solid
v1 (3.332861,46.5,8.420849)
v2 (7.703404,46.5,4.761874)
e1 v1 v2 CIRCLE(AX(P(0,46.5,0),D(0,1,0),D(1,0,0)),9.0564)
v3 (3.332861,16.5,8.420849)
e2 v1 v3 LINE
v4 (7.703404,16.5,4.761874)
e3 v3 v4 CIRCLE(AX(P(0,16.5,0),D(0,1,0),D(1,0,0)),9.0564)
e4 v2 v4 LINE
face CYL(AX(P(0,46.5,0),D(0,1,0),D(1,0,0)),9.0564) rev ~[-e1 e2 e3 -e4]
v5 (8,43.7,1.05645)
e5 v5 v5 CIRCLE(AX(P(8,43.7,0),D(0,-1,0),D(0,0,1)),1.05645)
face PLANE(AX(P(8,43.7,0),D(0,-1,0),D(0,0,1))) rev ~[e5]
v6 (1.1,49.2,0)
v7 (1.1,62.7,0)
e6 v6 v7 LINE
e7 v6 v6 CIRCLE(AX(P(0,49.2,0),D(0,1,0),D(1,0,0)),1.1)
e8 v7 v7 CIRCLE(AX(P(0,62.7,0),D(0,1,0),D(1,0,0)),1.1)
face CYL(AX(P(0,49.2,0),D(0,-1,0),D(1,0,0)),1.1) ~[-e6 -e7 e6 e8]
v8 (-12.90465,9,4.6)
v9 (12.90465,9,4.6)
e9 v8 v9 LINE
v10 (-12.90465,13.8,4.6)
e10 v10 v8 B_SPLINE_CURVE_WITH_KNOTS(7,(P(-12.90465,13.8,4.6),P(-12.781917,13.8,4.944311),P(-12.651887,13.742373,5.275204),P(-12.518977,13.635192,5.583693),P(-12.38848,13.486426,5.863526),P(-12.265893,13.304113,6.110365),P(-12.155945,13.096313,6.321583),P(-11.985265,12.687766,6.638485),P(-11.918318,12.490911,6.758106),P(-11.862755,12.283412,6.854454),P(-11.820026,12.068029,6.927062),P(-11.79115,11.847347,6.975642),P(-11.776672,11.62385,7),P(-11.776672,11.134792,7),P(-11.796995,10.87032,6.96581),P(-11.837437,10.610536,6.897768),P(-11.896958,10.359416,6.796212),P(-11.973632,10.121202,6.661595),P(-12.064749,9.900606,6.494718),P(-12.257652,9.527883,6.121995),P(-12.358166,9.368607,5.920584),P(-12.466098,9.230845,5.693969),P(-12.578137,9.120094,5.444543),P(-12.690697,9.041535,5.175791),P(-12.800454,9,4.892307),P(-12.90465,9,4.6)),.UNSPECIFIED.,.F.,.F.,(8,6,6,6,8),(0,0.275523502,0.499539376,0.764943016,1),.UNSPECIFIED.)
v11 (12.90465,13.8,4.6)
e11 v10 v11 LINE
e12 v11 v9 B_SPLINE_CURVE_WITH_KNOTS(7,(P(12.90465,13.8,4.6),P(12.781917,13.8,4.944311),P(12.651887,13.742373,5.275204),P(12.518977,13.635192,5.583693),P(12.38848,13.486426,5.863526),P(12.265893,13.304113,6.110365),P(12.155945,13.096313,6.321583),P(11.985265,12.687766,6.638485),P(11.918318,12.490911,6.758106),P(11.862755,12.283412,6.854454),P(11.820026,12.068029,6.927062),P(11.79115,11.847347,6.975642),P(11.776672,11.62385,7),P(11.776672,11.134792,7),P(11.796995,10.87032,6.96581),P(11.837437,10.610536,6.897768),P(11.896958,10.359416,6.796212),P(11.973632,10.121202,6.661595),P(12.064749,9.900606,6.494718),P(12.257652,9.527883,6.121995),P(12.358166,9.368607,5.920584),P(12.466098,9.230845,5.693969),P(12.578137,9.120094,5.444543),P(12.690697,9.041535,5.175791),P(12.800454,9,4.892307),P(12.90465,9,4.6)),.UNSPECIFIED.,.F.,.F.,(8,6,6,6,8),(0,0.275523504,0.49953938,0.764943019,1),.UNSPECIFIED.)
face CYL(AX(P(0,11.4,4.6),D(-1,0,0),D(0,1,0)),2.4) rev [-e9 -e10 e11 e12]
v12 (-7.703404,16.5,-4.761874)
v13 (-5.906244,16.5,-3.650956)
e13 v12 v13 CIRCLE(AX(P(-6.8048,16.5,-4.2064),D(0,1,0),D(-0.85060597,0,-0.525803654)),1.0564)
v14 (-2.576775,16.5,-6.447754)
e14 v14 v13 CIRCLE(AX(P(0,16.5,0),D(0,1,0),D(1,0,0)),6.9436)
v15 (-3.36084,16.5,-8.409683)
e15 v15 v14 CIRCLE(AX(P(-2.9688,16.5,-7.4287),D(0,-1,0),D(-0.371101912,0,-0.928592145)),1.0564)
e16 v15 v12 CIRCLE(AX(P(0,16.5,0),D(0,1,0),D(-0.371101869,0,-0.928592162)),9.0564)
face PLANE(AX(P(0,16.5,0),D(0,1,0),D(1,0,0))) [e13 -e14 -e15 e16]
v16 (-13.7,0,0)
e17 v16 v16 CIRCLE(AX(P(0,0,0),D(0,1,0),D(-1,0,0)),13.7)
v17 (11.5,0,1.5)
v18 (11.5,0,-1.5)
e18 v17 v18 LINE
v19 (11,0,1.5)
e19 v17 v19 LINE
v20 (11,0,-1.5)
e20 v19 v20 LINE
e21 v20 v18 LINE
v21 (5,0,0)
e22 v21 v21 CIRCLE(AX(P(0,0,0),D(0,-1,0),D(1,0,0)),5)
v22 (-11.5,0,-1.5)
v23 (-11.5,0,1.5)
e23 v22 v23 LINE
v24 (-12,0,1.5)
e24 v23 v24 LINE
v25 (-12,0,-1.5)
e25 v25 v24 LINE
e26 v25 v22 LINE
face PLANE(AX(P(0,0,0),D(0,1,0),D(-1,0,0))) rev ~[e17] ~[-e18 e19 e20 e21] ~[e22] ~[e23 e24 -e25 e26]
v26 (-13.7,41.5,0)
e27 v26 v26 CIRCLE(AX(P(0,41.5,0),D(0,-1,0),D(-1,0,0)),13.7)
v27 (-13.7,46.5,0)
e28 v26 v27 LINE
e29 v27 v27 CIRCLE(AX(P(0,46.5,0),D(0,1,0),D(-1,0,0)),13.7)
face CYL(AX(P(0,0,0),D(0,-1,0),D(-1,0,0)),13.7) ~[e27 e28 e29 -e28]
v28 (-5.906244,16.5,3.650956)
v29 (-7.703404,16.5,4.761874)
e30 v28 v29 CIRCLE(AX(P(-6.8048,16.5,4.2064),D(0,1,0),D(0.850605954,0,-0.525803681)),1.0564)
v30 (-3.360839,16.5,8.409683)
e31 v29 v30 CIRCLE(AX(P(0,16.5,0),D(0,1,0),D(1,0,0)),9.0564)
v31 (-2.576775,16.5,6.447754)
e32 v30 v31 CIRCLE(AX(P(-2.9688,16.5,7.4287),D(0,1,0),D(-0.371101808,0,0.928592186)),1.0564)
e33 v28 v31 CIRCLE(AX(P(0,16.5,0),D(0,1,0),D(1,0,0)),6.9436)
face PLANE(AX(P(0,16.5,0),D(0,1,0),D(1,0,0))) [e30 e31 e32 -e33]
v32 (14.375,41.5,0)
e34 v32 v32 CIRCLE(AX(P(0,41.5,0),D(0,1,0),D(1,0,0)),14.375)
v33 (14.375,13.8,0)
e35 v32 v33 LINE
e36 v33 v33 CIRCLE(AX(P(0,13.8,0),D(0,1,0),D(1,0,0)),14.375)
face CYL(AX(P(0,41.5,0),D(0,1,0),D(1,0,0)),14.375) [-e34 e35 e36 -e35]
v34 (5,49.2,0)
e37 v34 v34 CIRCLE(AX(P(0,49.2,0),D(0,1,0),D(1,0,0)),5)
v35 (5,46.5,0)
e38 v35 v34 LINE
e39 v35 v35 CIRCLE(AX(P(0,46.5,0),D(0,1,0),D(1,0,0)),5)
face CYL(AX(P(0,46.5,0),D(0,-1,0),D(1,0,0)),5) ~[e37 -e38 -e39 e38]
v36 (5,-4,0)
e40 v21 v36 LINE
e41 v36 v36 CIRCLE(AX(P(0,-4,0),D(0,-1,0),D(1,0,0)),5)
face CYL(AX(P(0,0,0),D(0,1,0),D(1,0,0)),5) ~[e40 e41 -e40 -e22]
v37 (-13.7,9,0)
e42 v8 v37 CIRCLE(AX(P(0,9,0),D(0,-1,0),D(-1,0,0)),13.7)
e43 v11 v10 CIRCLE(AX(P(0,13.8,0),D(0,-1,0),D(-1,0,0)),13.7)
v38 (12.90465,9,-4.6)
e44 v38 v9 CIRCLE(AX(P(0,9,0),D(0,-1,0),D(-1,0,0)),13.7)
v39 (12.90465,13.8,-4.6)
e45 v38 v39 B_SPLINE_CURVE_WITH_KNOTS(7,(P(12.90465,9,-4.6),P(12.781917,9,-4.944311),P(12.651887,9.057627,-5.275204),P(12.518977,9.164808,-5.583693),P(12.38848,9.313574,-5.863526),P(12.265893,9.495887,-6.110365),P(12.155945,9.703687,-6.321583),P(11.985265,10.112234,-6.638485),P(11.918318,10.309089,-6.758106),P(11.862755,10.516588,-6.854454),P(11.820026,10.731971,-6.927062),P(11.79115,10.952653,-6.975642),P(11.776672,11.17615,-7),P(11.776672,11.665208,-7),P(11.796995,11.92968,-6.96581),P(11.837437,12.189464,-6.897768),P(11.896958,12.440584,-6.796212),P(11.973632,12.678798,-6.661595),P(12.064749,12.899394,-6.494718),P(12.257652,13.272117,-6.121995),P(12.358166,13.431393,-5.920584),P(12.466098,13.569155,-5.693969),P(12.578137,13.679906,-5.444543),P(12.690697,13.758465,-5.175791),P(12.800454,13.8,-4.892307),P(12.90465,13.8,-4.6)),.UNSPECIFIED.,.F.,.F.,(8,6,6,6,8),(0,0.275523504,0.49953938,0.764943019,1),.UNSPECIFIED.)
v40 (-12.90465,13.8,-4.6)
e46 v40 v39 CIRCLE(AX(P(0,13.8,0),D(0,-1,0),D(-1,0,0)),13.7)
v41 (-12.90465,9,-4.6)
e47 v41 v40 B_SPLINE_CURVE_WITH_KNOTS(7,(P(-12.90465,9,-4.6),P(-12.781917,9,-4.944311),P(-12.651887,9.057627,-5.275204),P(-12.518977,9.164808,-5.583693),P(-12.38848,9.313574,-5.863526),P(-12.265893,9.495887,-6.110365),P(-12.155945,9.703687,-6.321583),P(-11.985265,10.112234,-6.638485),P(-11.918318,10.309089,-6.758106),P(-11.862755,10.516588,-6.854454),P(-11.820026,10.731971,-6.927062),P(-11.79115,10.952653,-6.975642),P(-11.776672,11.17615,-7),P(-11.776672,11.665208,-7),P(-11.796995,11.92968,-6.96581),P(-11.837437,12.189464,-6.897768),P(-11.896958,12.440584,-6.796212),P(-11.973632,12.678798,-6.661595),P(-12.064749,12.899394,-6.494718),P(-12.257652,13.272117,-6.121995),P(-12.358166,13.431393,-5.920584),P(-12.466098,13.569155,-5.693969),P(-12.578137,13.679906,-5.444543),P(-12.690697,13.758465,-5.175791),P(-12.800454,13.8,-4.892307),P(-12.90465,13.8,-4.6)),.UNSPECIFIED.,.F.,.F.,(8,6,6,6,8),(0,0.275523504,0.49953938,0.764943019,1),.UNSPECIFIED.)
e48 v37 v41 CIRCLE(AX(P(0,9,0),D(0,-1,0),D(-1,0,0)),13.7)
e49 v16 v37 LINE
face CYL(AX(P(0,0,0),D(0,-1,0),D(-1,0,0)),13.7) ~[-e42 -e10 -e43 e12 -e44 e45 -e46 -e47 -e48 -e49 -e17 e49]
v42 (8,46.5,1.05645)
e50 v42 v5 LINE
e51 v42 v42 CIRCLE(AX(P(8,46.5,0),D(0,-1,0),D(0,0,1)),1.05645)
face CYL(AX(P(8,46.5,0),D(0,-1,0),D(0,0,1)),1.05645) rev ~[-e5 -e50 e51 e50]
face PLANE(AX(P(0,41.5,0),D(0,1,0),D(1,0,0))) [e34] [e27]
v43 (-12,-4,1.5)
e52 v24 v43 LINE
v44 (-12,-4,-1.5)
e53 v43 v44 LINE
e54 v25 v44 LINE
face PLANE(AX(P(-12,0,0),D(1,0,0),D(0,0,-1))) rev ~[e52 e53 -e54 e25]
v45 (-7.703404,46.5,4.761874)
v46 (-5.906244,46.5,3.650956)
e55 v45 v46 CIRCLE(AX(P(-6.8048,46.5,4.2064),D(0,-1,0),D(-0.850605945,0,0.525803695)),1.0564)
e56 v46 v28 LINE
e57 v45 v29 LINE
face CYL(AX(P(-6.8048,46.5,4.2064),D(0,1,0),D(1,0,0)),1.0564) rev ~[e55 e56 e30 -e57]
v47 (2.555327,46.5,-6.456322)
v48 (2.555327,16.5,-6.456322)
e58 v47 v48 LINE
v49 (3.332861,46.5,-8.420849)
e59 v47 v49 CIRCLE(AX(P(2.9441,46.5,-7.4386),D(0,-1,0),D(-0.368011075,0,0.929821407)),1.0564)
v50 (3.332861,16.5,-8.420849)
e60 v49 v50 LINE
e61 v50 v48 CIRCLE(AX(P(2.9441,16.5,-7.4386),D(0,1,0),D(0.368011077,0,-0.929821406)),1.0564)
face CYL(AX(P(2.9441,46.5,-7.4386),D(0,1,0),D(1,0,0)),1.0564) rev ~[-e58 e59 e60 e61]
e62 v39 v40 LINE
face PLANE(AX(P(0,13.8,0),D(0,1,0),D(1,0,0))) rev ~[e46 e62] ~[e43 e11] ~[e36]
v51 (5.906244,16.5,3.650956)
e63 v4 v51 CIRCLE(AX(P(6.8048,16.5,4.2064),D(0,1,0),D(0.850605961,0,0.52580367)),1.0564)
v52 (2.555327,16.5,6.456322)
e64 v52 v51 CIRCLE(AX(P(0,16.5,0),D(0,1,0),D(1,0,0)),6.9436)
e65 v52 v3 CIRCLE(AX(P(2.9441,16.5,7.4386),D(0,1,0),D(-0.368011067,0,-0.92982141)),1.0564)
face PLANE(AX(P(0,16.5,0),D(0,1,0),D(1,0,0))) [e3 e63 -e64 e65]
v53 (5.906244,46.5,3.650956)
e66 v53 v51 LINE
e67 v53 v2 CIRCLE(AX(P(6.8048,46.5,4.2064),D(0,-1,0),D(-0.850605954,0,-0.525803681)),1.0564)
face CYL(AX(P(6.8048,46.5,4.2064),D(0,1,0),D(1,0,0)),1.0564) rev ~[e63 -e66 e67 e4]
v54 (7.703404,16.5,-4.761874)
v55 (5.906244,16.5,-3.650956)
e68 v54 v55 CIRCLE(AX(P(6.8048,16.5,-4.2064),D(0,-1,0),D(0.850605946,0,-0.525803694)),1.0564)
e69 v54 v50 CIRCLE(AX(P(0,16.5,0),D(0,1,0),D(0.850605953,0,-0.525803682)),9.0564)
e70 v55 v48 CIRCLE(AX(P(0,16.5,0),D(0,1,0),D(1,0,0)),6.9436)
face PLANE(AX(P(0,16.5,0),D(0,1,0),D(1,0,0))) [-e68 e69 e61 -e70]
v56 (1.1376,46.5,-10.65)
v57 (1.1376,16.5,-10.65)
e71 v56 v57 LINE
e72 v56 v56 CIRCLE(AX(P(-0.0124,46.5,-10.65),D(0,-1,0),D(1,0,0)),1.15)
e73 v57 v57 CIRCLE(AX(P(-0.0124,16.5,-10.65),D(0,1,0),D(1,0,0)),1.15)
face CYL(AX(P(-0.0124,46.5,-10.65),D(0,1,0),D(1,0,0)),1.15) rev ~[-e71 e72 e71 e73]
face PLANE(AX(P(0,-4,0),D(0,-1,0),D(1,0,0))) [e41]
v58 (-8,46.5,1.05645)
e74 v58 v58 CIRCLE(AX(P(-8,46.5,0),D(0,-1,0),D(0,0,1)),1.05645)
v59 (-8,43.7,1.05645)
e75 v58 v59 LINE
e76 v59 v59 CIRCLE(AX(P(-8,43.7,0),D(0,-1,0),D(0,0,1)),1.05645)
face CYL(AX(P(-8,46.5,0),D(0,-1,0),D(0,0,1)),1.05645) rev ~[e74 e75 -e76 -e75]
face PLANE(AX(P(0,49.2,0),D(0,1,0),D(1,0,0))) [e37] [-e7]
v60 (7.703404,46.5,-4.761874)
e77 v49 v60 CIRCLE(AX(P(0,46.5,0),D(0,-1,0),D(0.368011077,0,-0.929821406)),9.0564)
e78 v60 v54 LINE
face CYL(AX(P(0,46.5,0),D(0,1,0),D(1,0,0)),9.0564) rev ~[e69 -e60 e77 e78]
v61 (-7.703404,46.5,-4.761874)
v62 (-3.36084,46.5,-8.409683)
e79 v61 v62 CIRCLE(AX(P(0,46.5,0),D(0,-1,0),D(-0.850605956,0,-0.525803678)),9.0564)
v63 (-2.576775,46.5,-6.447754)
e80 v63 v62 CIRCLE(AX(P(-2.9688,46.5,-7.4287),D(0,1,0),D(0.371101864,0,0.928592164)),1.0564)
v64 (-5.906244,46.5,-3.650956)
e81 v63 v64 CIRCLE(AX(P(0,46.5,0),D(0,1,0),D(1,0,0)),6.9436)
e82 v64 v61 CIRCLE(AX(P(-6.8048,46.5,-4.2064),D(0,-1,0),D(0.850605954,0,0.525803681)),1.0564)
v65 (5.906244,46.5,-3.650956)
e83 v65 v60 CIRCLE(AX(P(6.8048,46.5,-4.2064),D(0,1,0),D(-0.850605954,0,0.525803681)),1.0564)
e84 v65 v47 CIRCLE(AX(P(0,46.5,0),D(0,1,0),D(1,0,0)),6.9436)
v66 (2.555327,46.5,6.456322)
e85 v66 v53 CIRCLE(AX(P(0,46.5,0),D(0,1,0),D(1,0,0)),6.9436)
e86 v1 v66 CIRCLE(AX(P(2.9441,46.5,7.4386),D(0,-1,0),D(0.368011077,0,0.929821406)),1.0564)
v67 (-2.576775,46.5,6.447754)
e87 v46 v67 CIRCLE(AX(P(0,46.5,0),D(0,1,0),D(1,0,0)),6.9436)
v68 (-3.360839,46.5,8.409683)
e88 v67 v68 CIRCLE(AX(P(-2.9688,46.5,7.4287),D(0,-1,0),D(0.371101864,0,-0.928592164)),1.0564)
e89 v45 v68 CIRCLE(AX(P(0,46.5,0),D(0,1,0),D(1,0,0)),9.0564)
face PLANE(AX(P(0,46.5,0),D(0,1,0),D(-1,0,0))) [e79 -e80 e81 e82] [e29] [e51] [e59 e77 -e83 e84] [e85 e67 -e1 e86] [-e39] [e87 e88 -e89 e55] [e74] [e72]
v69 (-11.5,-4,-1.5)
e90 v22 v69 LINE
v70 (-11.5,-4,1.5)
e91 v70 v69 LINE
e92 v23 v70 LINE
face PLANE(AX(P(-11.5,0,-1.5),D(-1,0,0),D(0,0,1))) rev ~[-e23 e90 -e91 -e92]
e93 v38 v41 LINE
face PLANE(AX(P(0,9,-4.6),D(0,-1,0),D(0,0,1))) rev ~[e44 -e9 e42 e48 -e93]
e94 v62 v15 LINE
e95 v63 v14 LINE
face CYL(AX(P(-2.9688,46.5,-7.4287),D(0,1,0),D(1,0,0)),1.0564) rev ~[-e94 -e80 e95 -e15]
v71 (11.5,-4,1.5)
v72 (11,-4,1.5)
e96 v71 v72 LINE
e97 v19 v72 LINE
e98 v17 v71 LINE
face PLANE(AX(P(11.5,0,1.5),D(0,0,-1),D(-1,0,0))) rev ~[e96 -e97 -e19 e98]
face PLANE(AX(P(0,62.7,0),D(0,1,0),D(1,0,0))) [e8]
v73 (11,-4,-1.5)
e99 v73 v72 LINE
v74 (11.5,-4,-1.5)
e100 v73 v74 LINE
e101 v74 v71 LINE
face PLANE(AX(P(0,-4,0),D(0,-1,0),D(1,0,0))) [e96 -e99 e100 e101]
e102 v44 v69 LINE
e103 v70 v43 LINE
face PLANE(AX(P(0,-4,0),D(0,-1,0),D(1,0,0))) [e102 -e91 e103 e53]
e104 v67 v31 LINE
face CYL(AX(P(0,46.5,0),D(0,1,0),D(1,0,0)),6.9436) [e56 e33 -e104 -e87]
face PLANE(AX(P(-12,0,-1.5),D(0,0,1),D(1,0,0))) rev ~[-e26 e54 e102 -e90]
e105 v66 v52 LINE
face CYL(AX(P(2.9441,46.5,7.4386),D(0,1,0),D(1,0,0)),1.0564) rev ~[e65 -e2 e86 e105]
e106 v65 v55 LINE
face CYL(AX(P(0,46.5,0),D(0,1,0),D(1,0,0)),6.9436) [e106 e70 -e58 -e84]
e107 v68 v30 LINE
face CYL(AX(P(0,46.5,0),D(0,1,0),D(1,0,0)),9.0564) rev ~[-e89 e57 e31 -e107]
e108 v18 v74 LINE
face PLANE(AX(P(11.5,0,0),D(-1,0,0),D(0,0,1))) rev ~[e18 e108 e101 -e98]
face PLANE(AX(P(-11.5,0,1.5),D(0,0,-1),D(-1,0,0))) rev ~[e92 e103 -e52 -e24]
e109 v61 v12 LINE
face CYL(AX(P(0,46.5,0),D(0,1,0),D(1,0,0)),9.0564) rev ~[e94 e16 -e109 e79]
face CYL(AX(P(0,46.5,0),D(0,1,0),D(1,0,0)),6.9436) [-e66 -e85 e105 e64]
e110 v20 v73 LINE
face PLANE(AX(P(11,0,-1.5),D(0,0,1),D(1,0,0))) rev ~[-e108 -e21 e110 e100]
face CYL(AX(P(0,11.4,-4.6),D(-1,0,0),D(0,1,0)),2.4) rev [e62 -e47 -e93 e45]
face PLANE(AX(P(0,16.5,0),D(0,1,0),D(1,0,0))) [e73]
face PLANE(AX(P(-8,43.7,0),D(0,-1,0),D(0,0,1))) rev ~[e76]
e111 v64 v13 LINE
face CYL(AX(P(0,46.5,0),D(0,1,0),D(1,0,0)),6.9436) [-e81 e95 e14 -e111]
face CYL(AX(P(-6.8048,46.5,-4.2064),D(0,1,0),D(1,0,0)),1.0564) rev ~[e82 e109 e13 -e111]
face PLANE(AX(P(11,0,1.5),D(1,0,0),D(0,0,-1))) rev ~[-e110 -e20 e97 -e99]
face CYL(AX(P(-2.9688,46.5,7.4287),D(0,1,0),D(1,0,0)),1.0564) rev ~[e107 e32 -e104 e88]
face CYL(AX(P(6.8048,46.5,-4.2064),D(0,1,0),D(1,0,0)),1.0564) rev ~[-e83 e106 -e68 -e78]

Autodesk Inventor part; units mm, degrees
ref_plane "YZ Plane" through (0, 0, 0) normal (1, 0, 0) x (0, 1, 0)
sketch "Sketch1" plane through (0, 0, 0) normal (0, 1, 0) x (-1, 0, 0)
  circle A0 centre (0, 0) radius 13.7
  dimension "d0" = 27.4
extrude "Extrusion1" add sketch "Sketch1" along normal blind 46.5
sketch "Sketch2" plane through (0, 46.5, 0) normal (0, 1, 0) x (1, 0, 0)
  circle A0 centre (0, 0) radius 13.7 projected
  circle A1 centre (0, 0) radius 5
  dimension "d3" = 10
extrude "Extrusion2" add sketch "Sketch2" along normal blind 2.7 contours A1
sketch "Sketch3" plane through (0, 46.5, 0) normal (0, 1, 0) x (1, 0, 0)
  circle A0 centre (0, 0) radius 5 projected
  circle A1 centre (0, 0) radius 5 projected
  circle A2 centre (0, 0) radius 13.7 projected
  circle A3 centre (0, 0) radius 13.7 projected
  line L0 (-13.7, 0) -> (13.7, 0)
  point P0 (-8, 0)
  point P1 (8, 0)
  dimension "d6" = 16
  dimension "d7" = 5.7
  dimension "d8" = 5.7
hole "Hole1" at (-8, 46.5, 0) at (8, 46.5, 0) direction (0, -1, 0) diameter 2.1129 depth 2.8 thread size "M2.6x0.45" class "6H" standard "ISO Metric profile"
ref_plane "Work Plane1" through (0, 41.5, 0) normal (0, 1, 0) x (1, 0, 0)
sketch "Sketch4" plane through (0, 41.5, 0) normal (0, 1, 0) x (1, 0, 0)
  circle A0 centre (0, 0) radius 14.375
  dimension "d17" = 28.75
extrude "Extrusion3" add sketch "Sketch4" against normal blind 27.7
sketch "Sketch5" plane through (0, 0, 0) normal (0, -1, 0) x (1, 0, 0)
  circle A0 centre (0, 0) radius 5
  dimension "d20" = 10
extrude "Extrusion4" add sketch "Sketch5" along normal blind 4
sketch "Sketch6" plane through (0, 0, 0) normal (0, -1, 0) x (1, 0, 0)
  circle A0 centre (0, 0) radius 5 projected
  circle A1 centre (0, 0) radius 5 projected
  circle A2 centre (0, 0) radius 13.7 projected
  circle A3 centre (0, 0) radius 13.7 projected
  line L0 (13.7, 0) -> (-13.7, 0)
  line L1 (-11.5, 1.5) -> (-12, 1.5)
  line L2 (-12, 1.5) -> (-12, -1.5)
  line L3 (-12, -1.5) -> (-11.5, -1.5)
  line L4 (-11.5, -1.5) -> (-11.5, 1.5)
  line L5 (11.5, 1.5) -> (11, 1.5)
  line L6 (11, 1.5) -> (11, -1.5)
  line L7 (11, -1.5) -> (11.5, -1.5)
  line L8 (11.5, -1.5) -> (11.5, 1.5)
  dimension "d23" = 22.5
  dimension "d24" = 0.5
  dimension "d25" = 0.5
  dimension "d26" = 11.5
  dimension "d27" = 11.5
  dimension "d28" = 3
  dimension "d29" = 3
  dimension "d30" = 1.5
  dimension "d31" = 1.5
extrude "Extrusion5" add sketch "Sketch6" along normal up to surface (4 mm away) contours L6 L5 L8 L0 | L0 L8 L7 L6 | L4 L3 L2 L0 | L0 L2 L1 L4
sketch "Sketch7" plane through (0, 49.2, 0) normal (0, 1, 0) x (1, 0, 0)
  circle A0 centre (0, 0) radius 1.1
  dimension "d34" = 2.2
extrude "Extrusion6" add sketch "Sketch7" along normal blind 13.5
ref_plane "Work Plane2" through (0, 50.2, 0) normal (0, 1, 0) x (1, 0, 0)
sketch "Sketch10" plane through (0, 0, 0) normal (1, 0, 0) x (0, 1, 0)
  line L0 (0, -13.7) -> (0, 13.7) projected
  line L1 (13.8, 13.7) -> (13.8, -13.7) projected
  line L2 (9, 4.6) -> (13.8, 4.6)
  line L3 (13.8, 4.6) -> (13.8, -4.6)
  line L4 (13.8, -4.6) -> (9, -4.6)
  line L5 (9, -4.6) -> (9, 4.6)
  circle A0 centre (11.4, 4.6) radius 2.4
  circle A1 centre (11.4, -4.6) radius 2.4
  line L6 (0, 0) -> (13.8, 0)
  line L7 (13.8, 13.7) -> (13.8, -13.7) projected
  line L8 (0, -13.7) -> (13.8, -13.7) projected
  point P0 (11.4, 7)
  point P1 (11.4, -7)
  point P2 (13.8, -4.6)
  dimension "d57" = 9
  dimension "d59" = 0
  dimension "d60" = 4.8
  dimension "d61" = 13.8
  dimension "d62" = 2.4
  dimension "d63" = 2.4
  dimension "d64" = 14
  dimension "d65" = 4.6
  dimension "d66" = 4.6
  dimension "d69" = 6.7
extrude "Extrusion9" cut sketch "Sketch10" along normal mid plane 31.5 contours L6 L1 A1 L5 | L5 A0 L1 L6 | A1 L4 | L4 A1 | A0 L2 | L2 A0
sketch "Sketch11" plane through (0, 46.5, 0) normal (0, 1, 0) x (1, 0, 0)
  circle A0 centre (-8, 0) radius 1.0564 projected
  circle A1 centre (8, 0) radius 1.0564 projected
  circle A2 centre (0, 0) radius 5 projected
  circle A3 centre (0, 0) radius 13.7 projected
  circle A4 centre (8, 0) radius 1.0564 projected
  circle A5 centre (0, 0) radius 13.7 projected
  line L0 (13.7, 0) -> (-13.7, 0)
  circle A6 centre (0, 0) radius 1.1 projected
  circle A7 centre (0, 0) radius 9.0564
  circle A8 centre (0, 0) radius 6.9436
  circle A9 centre (8, 0) radius 1.0564 projected
  line L1 (1.8876, -9.0564) -> (-1.9124, -9.0564)
  line L2 (-1.9124, -9.0564) -> (-1.9124, 9.0564)
  line L3 (-1.9124, 9.0564) -> (1.8876, 9.0564)
  line L4 (1.8876, 9.0564) -> (1.8876, -9.0564)
  line L5 (-0.0124, -13.7) -> (-0.0124, 13.7)
  line L6 (9.0564, -3.15) -> (-9.0564, -3.15)
  line L7 (-9.0564, -3.15) -> (-9.0564, 3.15)
  line L8 (-9.0564, 3.15) -> (9.0564, 3.15)
  line L9 (9.0564, 3.15) -> (9.0564, -3.15)
  circle A10 centre (6.8048, -4.2064) radius 1.0564
  circle A11 centre (2.9441, -7.4386) radius 1.0564
  circle A12 centre (-2.9688, -7.4287) radius 1.0564
  circle A13 centre (-6.8048, -4.2064) radius 1.0564
  circle A14 centre (-6.8048, 4.2064) radius 1.0564
  line L10 (-11.7767, 7) -> (11.7767, 7) projected
  circle A15 centre (-2.9688, 7.4287) radius 1.0564
  circle A16 centre (2.9441, 7.4386) radius 1.0564
  circle A17 centre (6.8048, 4.2064) radius 1.0564
  circle A18 centre (-0.0124, 10.65) radius 1.15
  point P0 (9.0564, 0)
  point P1 (7.8048, -3.2064)
  point P2 (3.3328, 8.4209)
  point P3 (2.5553, 6.4563)
  point P4 (5.9062, 3.651)
  point P5 (7.7035, 4.7619)
  point P6 (-5.9062, 3.651)
  point P7 (-2.5768, 6.4477)
  point P8 (-3.3608, 8.4097)
  point P9 (-7.7035, 4.7619)
  point P10 (-3.3608, -8.4097)
  point P11 (-2.5768, -6.4477)
  point P12 (-5.9062, -3.651)
  point P13 (-7.7035, -4.7619)
  point P14 (7.7035, -4.7619)
  point P15 (5.9062, -3.651)
  point P16 (2.5553, -6.4563)
  point P17 (3.3328, -8.4209)
  point P18 (-0.0124, 11.8)
  dimension "d78" = 2.3
  dimension "d70" = 3.8
  dimension "d71" = 1.9
  dimension "d72" = 1.9
  dimension "d73" = 6.3
  dimension "d74" = 3.15
  dimension "d75" = 3.15
  dimension "d79" = 1.9
extrude "Extrusion10" cut sketch "Sketch11" against normal blind 30 contours A14 A7 L10 A15 A8 | A14 | A8 A12 A7 A13 | A13 | A15 L10 | A12 | A7 A15 L10 | A15 L10 | A18 L5 | L5 A18 | L10 A16 A7 | A7 A17 A8 A16 L10 | A11 A8 A10 A7 | A11 | A17 | A16 L10 | A16 L10 | A10
equation "\"d7\" = d8"
equation "\"d26\" = d27"
equation "\"d30\" = d31"
equation "\"d65\" = d66"
equation "\"d71\" = d72"
equation "\"d74\" = d75"
equation "\"d41\" = d42"
properties part number "rs390" material "Steel, Mild"
